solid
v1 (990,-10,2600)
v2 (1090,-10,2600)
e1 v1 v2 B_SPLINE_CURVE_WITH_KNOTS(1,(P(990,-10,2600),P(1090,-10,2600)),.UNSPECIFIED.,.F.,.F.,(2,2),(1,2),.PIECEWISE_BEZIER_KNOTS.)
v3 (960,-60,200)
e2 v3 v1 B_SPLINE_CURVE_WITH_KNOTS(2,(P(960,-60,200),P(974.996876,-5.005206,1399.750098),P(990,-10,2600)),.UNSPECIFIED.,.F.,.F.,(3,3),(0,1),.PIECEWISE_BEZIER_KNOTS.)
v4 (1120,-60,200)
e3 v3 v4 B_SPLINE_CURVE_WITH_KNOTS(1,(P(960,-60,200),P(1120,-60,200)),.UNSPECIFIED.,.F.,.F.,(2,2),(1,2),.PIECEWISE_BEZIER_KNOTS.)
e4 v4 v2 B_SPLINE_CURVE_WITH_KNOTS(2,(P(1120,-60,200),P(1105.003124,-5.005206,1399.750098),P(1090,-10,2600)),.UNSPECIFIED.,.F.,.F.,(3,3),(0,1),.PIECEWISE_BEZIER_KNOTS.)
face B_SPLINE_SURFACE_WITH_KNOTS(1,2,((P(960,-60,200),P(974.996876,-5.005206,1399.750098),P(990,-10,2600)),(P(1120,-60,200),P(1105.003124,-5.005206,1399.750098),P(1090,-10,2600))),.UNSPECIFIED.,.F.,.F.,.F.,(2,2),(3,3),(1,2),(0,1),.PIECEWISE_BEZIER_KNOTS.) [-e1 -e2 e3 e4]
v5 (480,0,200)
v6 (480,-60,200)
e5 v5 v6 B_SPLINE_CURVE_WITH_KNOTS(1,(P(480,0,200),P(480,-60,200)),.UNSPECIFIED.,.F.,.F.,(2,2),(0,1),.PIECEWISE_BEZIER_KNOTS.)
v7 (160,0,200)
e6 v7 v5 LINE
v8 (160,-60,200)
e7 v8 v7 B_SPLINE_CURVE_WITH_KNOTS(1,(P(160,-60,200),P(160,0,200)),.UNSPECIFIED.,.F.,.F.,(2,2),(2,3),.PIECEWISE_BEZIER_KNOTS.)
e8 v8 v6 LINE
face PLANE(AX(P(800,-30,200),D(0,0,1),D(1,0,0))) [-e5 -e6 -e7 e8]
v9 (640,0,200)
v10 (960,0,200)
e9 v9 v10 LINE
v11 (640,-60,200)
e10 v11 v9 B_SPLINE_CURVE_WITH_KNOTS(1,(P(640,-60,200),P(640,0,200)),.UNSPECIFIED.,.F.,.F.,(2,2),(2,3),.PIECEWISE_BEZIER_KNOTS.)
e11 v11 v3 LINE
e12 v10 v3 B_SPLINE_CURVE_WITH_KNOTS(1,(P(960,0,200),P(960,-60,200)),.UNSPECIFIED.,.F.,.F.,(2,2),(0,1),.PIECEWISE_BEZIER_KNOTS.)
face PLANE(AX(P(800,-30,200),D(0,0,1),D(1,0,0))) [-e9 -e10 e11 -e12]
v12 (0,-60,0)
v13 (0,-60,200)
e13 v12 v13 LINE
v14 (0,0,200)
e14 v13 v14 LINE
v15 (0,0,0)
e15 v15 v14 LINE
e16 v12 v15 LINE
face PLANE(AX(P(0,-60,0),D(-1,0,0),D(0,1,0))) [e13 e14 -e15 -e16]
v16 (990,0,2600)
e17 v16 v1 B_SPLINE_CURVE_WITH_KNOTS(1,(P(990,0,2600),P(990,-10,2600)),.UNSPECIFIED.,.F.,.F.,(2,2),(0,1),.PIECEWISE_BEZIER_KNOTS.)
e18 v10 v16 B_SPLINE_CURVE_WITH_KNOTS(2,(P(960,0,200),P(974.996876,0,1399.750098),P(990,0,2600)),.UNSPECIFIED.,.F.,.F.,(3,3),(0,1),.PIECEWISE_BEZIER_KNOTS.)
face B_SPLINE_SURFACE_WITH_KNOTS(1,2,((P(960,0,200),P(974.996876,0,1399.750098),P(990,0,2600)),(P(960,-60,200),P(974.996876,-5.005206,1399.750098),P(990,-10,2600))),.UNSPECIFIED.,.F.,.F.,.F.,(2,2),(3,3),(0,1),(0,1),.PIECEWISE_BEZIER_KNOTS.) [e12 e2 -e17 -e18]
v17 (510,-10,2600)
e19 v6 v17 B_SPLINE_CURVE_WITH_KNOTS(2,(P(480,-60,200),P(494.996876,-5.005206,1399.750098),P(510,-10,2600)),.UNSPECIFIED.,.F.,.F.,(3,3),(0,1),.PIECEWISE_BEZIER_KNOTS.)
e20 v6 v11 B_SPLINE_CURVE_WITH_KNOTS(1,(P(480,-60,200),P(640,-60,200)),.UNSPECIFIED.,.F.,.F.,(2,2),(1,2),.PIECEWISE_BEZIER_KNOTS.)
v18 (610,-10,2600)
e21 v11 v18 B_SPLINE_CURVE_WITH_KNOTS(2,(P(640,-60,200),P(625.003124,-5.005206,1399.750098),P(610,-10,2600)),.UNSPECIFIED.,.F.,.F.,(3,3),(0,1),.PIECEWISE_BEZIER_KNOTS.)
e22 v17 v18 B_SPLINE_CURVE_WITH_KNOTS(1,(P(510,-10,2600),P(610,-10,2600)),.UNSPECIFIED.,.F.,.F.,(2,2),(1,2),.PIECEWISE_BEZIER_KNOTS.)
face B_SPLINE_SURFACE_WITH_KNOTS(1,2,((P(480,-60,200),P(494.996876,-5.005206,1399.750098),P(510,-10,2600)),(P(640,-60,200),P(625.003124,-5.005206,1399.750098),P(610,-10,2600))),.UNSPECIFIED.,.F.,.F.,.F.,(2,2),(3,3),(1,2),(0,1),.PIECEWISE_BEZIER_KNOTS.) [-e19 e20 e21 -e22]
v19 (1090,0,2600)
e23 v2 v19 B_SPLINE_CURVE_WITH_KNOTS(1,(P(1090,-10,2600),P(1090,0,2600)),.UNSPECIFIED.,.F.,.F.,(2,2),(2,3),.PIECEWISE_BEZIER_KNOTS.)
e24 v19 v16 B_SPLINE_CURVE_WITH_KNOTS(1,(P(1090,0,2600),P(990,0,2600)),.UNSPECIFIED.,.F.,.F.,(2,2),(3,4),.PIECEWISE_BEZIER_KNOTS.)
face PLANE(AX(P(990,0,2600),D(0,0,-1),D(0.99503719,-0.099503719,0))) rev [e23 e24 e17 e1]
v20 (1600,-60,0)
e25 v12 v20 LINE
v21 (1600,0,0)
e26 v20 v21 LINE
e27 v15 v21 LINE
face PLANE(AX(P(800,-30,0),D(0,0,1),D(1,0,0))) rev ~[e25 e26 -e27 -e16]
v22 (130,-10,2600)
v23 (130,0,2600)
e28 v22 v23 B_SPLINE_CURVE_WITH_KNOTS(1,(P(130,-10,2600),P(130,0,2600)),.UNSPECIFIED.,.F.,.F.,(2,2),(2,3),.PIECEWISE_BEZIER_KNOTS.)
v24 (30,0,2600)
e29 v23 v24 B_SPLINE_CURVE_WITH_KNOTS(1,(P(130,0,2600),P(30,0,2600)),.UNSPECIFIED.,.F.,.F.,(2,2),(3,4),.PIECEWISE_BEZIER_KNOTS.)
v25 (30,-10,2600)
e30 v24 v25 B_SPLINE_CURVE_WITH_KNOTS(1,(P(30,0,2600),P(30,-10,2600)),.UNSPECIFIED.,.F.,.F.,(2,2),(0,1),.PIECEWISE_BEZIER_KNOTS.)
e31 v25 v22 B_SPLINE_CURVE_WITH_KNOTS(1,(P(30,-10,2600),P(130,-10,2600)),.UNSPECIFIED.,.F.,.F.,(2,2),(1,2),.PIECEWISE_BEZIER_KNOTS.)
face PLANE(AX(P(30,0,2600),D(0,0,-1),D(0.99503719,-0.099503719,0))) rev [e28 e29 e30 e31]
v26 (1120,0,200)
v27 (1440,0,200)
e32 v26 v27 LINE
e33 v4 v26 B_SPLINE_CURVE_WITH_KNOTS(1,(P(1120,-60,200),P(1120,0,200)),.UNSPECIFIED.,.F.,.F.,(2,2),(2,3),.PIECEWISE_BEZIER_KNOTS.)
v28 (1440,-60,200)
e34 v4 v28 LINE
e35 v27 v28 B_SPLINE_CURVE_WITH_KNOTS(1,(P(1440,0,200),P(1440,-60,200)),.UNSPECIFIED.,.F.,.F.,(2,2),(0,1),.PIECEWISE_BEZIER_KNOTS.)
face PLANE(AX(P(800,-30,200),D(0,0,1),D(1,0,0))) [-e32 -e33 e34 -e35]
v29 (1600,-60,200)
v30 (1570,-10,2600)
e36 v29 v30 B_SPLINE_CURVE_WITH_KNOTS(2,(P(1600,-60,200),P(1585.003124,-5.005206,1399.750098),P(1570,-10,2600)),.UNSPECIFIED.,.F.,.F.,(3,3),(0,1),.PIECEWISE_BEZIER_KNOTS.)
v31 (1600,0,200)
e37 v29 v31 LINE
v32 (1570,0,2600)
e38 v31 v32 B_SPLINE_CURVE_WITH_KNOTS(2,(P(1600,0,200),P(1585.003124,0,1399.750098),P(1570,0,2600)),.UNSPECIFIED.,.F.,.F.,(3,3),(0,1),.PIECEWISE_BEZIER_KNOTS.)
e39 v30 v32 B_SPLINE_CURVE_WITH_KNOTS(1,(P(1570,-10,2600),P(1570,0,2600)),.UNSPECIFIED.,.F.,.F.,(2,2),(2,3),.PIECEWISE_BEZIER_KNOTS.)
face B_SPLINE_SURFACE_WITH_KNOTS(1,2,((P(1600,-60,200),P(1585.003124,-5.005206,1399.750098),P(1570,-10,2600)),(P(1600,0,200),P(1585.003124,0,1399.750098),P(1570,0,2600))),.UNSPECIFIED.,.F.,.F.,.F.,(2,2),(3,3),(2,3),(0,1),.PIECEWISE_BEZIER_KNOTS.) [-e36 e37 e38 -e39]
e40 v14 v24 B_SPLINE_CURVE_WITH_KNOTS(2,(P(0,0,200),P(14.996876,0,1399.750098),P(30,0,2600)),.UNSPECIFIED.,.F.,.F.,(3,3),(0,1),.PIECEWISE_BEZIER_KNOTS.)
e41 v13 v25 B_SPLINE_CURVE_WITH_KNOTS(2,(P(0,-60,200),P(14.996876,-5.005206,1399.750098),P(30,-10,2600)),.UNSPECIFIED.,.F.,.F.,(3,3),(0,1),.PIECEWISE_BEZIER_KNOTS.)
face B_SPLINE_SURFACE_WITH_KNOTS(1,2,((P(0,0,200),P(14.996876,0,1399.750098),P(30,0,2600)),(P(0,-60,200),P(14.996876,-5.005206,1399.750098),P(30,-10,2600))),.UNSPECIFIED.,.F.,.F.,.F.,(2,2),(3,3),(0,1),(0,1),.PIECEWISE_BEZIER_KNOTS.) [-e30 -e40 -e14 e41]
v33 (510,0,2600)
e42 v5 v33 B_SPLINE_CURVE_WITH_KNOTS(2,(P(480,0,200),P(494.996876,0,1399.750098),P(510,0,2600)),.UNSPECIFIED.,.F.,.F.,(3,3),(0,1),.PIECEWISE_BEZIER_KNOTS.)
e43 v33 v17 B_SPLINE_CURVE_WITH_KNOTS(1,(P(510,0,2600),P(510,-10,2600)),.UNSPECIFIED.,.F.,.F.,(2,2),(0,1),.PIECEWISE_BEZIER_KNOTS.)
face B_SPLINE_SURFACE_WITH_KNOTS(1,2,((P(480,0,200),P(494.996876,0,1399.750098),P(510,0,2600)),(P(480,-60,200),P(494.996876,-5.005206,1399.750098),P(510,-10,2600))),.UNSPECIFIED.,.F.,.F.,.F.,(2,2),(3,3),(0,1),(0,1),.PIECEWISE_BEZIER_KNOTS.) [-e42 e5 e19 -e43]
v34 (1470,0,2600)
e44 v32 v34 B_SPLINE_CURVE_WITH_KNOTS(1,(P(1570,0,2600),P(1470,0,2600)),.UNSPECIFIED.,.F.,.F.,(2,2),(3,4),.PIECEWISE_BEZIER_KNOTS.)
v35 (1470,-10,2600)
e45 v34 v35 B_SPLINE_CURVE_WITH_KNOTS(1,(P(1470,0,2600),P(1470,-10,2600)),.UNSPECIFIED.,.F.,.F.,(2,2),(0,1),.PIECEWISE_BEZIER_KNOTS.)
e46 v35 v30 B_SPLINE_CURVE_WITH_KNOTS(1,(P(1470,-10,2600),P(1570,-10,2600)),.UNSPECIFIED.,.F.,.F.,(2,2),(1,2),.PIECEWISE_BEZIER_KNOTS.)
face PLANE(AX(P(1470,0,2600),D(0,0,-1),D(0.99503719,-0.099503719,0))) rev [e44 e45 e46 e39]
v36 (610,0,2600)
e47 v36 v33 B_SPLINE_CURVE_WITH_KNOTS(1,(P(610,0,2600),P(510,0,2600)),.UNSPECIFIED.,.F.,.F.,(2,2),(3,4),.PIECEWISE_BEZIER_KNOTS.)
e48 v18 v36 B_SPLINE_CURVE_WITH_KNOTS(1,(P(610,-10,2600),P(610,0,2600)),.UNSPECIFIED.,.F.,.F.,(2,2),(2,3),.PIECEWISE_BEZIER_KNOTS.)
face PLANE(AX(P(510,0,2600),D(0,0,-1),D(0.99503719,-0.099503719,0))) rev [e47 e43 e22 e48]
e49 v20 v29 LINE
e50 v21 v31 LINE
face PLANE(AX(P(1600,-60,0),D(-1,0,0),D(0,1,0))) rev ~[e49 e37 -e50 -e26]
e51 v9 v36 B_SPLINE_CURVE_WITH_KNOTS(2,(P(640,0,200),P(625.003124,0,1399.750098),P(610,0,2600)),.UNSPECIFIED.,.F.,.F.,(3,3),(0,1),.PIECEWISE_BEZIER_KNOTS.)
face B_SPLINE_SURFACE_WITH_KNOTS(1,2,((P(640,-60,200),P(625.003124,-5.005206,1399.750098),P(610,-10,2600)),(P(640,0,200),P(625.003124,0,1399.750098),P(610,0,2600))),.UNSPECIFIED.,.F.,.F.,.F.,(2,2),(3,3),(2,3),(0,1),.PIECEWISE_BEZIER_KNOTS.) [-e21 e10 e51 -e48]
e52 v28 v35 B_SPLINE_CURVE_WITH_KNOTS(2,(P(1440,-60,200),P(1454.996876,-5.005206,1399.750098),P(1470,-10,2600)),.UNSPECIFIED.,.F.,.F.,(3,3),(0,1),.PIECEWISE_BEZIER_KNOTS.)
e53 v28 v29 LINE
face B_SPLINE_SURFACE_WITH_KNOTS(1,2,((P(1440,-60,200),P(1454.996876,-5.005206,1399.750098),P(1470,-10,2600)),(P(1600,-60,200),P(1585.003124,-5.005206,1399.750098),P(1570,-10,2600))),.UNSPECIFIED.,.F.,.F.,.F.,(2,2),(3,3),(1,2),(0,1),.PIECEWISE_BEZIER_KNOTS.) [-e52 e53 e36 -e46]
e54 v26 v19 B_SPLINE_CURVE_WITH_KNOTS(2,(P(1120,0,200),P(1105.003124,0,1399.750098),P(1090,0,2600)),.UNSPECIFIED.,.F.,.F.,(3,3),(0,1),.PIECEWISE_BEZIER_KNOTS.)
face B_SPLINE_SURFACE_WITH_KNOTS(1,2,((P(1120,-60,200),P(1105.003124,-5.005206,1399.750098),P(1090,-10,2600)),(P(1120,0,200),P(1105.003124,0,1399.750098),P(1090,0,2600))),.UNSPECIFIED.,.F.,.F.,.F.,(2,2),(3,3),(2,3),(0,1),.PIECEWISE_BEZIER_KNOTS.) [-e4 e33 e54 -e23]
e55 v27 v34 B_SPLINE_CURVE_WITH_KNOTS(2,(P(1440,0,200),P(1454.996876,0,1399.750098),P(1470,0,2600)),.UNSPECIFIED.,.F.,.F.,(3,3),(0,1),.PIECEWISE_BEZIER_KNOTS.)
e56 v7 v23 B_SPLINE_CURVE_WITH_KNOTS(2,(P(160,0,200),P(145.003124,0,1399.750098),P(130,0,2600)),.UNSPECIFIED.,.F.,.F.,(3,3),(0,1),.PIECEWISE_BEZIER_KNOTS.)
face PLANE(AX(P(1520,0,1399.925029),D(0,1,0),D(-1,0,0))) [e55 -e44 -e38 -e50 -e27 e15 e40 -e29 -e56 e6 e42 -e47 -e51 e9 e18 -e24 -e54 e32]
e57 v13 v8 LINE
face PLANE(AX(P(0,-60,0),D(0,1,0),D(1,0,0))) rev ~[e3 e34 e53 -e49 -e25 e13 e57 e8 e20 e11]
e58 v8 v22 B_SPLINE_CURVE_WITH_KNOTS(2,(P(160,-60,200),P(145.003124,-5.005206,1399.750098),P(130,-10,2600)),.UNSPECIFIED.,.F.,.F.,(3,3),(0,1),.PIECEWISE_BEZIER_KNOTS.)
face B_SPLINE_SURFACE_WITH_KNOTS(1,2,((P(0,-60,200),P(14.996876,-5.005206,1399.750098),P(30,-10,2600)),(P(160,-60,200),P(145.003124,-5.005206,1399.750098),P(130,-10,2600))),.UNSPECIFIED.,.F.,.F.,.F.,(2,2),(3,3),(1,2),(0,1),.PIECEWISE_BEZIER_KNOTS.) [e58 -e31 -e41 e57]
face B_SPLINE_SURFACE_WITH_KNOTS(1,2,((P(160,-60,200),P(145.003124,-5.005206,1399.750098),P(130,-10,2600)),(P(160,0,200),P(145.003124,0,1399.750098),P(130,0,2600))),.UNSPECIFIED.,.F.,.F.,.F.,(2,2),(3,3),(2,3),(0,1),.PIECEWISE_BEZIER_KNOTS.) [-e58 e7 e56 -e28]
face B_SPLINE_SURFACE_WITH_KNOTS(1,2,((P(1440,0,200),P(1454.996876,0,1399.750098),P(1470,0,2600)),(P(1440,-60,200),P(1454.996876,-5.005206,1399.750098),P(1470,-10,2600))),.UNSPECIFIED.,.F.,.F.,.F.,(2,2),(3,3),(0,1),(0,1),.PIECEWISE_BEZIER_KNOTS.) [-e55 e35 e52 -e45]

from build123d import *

# Parameters (mm, degrees)
SKETCH1_W           = 1600
SKETCH1_H           = 60
BOSS_EXTRUDE1_DEPTH = 200
SKETCH2_W           = 160
SKETCH2_H           = 60
SKETCH3_W           = 130
SKETCH3_H           = 20
SKETCH4_W           = 100
SKETCH4_H           = 10
LPATTERN1_COUNT     = 4
LPATTERN1_PITCH     = 480


with BuildPart() as part:
    # Sketch1 → Boss-Extrude1 (new body)
    with BuildSketch(Plane.XY):
        with Locations((800, -30)):
            Rectangle(SKETCH1_W, SKETCH1_H)
    extrude(amount=BOSS_EXTRUDE1_DEPTH)

    # Sketch2 → Loft1 section 0
    with BuildSketch(Plane.XY.offset(200)):
        with Locations((80, -30)):
            Rectangle(SKETCH2_W, SKETCH2_H)
    # Sketch3 → Loft1 section 1
    with BuildSketch(Plane.XY.offset(1400)):
        with Locations((80, -10)):
            Rectangle(SKETCH3_W, SKETCH3_H)
    # Sketch4 → Loft1 section 2
    with BuildSketch(Plane.XY.offset(2600)):
        with Locations((80, -5)):
            Rectangle(SKETCH4_W, SKETCH4_H)
    loft1 = loft()

    # LPattern1: Loft1 ×4
    with Locations(*[(i * LPATTERN1_PITCH, 0, 0) for i in range(1, LPATTERN1_COUNT)]):
        add(loft1)


solid = part.part
